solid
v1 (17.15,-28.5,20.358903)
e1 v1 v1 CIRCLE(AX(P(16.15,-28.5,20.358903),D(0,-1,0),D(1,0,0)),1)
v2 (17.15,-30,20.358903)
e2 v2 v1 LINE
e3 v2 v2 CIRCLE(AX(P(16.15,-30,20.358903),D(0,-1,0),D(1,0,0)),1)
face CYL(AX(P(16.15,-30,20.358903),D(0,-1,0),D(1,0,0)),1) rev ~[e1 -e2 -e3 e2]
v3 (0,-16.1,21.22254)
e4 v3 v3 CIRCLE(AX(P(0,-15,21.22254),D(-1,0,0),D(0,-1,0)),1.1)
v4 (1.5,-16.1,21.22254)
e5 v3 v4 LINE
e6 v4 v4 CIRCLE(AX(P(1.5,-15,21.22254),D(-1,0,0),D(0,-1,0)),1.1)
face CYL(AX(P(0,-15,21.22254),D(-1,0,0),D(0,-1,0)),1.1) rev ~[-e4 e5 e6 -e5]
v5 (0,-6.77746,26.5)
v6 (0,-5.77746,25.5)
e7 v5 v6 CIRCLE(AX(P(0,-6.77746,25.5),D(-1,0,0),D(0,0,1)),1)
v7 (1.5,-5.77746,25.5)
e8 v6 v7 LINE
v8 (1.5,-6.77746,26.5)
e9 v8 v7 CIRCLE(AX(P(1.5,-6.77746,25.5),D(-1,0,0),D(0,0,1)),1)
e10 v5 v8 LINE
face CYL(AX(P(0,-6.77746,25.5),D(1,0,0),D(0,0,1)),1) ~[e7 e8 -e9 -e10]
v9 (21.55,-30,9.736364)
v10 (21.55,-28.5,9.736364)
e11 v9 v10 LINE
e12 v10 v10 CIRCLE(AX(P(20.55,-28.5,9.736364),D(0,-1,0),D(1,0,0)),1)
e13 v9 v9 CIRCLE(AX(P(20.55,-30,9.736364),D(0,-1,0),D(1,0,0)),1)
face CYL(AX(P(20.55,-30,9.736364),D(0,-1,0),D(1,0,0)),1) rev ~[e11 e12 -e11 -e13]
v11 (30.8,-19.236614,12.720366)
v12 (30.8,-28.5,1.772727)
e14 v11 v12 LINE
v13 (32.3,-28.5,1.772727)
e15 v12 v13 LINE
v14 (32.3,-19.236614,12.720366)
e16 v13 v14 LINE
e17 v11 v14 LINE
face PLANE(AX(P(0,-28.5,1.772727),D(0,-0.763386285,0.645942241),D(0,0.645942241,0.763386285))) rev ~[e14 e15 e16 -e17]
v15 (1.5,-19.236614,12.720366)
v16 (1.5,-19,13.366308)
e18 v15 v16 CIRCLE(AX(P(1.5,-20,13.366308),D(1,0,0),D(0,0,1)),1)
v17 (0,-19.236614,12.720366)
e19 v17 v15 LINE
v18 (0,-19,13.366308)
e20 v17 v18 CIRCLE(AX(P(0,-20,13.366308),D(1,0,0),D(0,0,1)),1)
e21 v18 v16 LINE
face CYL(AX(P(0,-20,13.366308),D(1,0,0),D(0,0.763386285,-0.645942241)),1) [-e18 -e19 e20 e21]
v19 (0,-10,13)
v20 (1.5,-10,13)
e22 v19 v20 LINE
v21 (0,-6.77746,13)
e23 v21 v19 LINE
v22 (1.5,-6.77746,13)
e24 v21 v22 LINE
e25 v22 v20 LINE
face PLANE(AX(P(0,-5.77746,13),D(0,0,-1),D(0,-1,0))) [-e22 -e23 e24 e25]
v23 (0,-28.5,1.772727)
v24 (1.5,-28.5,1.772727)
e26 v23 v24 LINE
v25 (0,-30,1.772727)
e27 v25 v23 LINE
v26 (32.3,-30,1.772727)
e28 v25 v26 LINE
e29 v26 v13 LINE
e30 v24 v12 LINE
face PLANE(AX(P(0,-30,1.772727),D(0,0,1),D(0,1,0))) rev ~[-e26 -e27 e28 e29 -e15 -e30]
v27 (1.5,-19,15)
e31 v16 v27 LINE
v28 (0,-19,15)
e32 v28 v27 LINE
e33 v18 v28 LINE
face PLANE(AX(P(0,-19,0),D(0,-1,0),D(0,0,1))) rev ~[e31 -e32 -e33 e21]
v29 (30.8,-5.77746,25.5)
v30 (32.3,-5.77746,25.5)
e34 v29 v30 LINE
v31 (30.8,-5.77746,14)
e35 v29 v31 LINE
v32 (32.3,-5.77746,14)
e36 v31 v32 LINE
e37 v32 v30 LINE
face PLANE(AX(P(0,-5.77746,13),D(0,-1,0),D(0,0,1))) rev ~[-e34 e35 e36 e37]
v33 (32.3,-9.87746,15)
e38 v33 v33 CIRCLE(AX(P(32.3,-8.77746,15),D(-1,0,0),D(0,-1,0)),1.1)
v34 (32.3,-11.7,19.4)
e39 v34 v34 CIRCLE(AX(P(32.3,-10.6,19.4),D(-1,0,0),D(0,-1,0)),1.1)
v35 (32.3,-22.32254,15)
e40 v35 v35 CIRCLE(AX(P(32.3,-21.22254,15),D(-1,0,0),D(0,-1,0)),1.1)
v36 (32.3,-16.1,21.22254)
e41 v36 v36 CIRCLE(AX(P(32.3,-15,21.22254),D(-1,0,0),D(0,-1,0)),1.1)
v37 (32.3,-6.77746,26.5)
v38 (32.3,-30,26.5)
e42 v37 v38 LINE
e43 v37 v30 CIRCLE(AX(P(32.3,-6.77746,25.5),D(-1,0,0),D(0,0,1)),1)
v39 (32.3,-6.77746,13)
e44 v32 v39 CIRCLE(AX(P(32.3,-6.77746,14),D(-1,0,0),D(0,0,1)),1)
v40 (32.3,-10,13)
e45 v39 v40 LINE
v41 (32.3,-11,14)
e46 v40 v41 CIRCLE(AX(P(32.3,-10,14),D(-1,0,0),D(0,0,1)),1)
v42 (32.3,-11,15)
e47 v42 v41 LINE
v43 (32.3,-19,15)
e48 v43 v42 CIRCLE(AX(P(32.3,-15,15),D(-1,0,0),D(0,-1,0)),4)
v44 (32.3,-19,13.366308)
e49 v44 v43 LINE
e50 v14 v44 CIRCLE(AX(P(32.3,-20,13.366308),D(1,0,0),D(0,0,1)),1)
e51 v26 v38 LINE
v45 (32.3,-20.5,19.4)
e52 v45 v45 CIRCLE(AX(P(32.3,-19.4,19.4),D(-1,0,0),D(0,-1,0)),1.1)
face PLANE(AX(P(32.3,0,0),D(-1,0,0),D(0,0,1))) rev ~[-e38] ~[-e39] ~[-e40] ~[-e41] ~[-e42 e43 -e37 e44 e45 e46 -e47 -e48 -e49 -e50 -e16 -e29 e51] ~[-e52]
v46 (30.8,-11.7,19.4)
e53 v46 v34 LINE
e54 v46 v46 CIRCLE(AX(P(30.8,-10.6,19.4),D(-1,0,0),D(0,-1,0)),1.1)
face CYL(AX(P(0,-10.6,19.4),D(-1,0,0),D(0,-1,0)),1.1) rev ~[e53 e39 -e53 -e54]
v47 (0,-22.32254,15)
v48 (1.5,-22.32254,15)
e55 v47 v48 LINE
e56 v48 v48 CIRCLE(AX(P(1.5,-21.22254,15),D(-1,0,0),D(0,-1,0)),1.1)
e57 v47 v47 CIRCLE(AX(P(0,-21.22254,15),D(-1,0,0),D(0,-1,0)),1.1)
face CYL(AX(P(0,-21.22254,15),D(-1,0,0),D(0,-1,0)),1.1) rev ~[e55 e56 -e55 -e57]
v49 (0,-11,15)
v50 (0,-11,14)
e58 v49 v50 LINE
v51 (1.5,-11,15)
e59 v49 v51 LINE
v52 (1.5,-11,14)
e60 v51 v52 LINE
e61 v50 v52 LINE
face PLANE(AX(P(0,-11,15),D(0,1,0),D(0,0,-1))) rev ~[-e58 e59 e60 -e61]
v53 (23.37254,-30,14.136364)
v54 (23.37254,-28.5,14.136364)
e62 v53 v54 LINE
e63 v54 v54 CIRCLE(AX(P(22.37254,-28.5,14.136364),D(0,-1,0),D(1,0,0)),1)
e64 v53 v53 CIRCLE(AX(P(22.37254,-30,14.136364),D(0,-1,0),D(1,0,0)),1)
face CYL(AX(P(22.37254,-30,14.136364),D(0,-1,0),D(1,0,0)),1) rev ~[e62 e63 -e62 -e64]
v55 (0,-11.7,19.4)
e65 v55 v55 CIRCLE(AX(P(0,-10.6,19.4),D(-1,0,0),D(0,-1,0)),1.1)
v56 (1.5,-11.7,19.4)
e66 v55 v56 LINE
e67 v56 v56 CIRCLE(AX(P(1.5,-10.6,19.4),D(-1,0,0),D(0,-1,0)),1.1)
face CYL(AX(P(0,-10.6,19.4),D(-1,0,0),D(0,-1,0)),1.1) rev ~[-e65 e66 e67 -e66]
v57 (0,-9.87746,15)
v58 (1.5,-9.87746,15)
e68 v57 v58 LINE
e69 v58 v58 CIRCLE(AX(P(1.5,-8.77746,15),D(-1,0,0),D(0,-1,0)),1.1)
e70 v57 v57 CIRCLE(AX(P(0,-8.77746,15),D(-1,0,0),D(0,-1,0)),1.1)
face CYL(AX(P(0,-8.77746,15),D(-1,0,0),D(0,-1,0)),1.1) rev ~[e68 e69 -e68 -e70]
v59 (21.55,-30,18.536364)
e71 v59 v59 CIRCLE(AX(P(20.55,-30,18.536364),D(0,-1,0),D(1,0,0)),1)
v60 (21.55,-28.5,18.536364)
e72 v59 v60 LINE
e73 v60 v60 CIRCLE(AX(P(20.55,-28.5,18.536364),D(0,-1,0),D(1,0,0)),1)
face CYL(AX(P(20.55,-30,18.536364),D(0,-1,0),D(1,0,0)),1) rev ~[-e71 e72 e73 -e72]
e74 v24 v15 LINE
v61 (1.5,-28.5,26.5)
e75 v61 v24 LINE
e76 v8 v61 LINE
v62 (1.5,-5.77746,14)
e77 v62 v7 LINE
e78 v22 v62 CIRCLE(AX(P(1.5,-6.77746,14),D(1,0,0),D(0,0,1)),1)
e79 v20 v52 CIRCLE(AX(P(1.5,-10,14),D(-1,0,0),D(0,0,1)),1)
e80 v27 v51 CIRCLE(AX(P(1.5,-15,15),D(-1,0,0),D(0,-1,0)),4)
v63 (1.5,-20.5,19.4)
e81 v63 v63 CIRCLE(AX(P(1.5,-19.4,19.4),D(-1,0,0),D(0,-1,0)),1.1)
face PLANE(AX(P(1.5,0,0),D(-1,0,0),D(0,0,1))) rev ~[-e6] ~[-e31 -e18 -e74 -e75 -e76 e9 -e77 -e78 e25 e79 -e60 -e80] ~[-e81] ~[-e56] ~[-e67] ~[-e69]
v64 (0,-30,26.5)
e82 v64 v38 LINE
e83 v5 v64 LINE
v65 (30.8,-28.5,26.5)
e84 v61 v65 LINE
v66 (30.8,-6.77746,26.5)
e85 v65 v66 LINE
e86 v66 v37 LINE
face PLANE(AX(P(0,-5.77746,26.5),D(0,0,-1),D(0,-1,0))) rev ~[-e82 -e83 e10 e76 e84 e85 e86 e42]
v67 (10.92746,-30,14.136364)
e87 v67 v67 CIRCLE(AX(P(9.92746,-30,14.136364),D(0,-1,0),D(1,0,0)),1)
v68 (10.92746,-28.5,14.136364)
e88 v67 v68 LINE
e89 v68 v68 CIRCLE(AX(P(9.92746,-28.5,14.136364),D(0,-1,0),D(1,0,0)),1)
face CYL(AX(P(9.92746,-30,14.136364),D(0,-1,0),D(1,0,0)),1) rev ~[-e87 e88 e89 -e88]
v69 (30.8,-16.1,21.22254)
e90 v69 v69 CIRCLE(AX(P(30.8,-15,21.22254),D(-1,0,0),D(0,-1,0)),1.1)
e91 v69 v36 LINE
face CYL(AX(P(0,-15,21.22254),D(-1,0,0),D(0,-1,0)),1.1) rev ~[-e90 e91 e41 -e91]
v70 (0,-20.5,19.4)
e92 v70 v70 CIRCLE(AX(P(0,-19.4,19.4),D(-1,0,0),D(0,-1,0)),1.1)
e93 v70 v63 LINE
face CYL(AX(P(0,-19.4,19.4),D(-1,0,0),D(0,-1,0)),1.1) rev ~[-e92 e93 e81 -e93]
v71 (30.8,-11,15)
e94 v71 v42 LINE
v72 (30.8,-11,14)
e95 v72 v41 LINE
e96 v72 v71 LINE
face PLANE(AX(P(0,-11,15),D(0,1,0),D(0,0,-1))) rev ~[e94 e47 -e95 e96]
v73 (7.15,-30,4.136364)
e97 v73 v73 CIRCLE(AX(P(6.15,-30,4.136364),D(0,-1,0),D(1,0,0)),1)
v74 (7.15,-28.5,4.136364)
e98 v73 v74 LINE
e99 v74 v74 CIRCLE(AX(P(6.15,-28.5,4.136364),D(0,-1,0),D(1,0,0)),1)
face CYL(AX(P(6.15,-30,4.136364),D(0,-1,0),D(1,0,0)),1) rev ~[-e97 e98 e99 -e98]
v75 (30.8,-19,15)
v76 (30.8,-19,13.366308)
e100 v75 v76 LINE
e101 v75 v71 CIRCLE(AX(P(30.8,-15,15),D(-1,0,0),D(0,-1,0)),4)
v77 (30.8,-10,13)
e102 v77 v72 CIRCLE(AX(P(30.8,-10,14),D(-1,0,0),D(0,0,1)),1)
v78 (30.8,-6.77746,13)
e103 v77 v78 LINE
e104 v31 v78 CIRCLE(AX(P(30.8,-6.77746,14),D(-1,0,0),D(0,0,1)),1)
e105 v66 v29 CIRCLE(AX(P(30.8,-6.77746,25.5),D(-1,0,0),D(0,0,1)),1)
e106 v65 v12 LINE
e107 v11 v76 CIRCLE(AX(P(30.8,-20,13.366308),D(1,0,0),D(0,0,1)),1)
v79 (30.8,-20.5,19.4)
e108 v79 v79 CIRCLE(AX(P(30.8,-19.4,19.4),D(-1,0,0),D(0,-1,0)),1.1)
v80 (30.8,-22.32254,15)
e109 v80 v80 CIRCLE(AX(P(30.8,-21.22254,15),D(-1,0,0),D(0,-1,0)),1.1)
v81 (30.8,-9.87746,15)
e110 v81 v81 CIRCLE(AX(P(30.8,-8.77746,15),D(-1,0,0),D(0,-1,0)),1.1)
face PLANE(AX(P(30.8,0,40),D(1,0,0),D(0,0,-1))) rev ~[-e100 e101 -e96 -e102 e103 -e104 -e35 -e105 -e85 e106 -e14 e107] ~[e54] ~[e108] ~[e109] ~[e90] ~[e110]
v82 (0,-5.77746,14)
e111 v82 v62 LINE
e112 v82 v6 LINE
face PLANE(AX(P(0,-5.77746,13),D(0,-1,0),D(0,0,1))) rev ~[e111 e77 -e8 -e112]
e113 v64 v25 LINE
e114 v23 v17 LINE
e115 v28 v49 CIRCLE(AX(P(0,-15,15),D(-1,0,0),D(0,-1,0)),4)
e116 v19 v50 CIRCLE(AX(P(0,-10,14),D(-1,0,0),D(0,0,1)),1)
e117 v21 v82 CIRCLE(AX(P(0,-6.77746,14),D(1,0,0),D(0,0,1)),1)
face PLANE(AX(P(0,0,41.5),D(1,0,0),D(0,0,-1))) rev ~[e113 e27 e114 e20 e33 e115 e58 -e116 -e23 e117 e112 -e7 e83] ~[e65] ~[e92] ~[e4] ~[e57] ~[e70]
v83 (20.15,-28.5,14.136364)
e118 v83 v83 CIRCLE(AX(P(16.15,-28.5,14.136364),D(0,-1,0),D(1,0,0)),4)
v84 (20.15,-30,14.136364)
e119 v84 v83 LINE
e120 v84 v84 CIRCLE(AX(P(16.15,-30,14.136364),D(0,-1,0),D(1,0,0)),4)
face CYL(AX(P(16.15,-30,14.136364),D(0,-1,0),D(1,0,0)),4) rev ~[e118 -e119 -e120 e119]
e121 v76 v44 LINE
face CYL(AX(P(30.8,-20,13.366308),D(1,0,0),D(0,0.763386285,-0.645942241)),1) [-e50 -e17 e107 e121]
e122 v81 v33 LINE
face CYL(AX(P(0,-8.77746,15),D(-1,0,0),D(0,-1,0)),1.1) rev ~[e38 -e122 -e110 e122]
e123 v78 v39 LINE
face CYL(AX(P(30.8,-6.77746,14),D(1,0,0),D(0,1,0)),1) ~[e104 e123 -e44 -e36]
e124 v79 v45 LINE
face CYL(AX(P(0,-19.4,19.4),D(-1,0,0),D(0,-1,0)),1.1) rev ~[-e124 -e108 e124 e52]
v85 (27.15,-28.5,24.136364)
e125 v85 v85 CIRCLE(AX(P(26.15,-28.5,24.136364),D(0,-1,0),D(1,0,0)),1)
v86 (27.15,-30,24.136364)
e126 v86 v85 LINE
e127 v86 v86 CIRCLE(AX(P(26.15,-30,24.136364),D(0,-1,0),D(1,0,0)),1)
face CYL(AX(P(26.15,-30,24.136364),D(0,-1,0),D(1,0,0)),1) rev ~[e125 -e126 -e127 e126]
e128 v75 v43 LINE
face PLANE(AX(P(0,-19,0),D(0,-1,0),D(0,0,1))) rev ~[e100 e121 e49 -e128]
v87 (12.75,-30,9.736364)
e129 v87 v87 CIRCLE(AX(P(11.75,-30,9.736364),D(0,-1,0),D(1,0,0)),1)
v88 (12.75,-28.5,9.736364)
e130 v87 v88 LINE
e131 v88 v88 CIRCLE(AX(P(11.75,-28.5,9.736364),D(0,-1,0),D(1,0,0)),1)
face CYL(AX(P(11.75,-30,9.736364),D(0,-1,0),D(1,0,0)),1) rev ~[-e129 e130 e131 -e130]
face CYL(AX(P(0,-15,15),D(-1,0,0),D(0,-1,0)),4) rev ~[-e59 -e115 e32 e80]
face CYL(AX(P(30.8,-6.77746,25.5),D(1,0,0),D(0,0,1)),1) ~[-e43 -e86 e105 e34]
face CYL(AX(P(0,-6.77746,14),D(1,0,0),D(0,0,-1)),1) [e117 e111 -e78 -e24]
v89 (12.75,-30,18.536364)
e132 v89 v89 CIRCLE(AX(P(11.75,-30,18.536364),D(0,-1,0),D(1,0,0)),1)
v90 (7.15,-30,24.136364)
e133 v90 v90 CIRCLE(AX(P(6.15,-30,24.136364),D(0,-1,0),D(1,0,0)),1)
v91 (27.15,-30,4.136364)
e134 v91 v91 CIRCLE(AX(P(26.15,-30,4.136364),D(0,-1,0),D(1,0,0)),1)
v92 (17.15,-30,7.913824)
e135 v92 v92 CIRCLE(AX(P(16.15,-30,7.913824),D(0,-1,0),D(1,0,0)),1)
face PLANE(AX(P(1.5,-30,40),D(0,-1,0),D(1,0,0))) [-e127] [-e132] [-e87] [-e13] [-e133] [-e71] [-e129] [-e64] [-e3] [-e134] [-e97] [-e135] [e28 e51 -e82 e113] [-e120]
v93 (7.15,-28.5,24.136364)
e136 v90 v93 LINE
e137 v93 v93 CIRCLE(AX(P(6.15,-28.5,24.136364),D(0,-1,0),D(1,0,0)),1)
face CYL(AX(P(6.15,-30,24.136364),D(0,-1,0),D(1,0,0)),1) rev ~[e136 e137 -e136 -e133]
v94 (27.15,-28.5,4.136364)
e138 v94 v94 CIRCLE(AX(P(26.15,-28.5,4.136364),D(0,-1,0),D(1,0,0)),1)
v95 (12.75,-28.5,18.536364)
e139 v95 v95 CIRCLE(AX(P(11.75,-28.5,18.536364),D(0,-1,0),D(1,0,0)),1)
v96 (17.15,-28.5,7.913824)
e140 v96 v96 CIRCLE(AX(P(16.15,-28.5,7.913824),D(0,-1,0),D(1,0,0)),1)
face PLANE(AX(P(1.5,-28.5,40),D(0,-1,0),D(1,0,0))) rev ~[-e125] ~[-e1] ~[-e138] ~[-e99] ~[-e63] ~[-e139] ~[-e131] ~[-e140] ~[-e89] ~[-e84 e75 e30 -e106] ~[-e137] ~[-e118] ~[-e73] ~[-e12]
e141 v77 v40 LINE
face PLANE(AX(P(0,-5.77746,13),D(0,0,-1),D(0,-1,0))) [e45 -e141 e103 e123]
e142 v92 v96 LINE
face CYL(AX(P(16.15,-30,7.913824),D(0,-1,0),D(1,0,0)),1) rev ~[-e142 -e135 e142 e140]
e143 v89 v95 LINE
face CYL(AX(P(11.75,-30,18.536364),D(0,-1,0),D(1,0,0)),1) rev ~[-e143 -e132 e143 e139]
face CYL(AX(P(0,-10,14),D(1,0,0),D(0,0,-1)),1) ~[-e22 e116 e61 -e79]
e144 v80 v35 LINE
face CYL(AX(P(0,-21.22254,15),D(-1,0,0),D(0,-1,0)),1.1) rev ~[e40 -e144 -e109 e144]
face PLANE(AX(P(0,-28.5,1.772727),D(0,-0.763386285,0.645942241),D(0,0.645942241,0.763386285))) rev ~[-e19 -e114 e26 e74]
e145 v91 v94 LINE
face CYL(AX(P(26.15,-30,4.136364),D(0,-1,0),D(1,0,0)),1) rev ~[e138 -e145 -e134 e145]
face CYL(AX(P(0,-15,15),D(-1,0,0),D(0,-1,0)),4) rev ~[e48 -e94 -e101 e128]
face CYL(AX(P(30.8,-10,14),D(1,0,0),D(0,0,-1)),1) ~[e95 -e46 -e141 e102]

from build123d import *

# Parameters (mm, degrees)
F1_DEPTH = 30
F2_R     = 1.1
F3_DEPTH = 32.301
F4_W     = 29.3
F4_H     = 1.5
F5_DEPTH = 40
F6_W     = 5.2225396744
F6_H     = 13
F7_DEPTH = 32.301
F8_R     = 1
F8_R_2   = 4
F9_DEPTH = 1.5
F10_R    = 1


with BuildPart() as f1:
    # F0 (on Front) → F1 (new body)
    with BuildSketch(Plane.XZ):
        Polygon((0, 41.5), (0, 0), (1.5, 0), (1.5, 40), (30.8, 40), (30.8, 0), (32.3, 0), (32.3, 41.5), align=None)
    extrude(amount=F1_DEPTH)

    # F2 (on face) → F3 (cut, through all)
    with BuildSketch(Plane(origin=(0, 0, 0), x_dir=(0, -1, 0), z_dir=(-1, 0, 0))):
        with BuildLine():
            Line((19, 0), (19, 15))
            ThreePointArc((19, 15), (15, 19), (11, 15))
            Line((11, 15), (11, 0))
            Line((11, 0), (19, 0))
        make_face()
        with Locations((21.2225396744, 15)):
            Circle(F2_R)
        with Locations((19.4, 19.4)):
            Circle(F2_R)
        with Locations((15, 21.2225396744)):
            Circle(F2_R)
        with Locations((10.6, 19.4)):
            Circle(F2_R)
        with Locations((8.7774603256, 15)):
            Circle(F2_R)
    extrude(amount=-F3_DEPTH, mode=Mode.SUBTRACT)

    # F4 (on face) → F5 (join)
    with BuildSketch(Plane(origin=(0, 0, 40), x_dir=(1, 0, 0), z_dir=(0, 0, -1))):
        with Locations((16.15, 29.25)):
            Rectangle(F4_W, F4_H)
    extrude(amount=F5_DEPTH)

    # F6 (on face) → F7 (cut, through all)
    with BuildSketch(Plane(origin=(0, 0, 0), x_dir=(0, -1, 0), z_dir=(-1, 0, 0))):
        Polygon((30, 41.5), (0, 41.5), (0, 26.5), (0, 0), (5.7774603256, 0), (5.7774603256, 13), (5.7774603256, 26.5), (30, 26.5), align=None)
        with Locations((8.3887301628, 6.5)):
            Rectangle(F6_W, F6_H)
        Polygon((28.5, 1.7727272727), (19, 13), (19, 0), (30, 0), align=None)
        Polygon((30, 0), (30, 1.7727272727), (28.5, 1.7727272727), align=None)
    extrude(amount=-F7_DEPTH, mode=Mode.SUBTRACT)

    # F8 (on face) → F9 (cut, through all)
    with BuildSketch(Plane.XZ.offset(30)):
        with Locations((6.15, 24.1363636364)):
            Circle(F8_R)
        with Locations((6.15, 4.1363636364)):
            Circle(F8_R)
        with Locations((26.15, 24.1363636364)):
            Circle(F8_R)
        with Locations((26.15, 4.1363636364)):
            Circle(F8_R)
        with Locations((16.15, 14.1363636364)):
            Circle(F8_R_2)
        with Locations((20.55, 18.5363636364)):
            Circle(F8_R)
        with Locations((16.15, 20.3589033108)):
            Circle(F8_R)
        with Locations((11.75, 18.5363636364)):
            Circle(F8_R)
        with Locations((9.9274603256, 14.1363636364)):
            Circle(F8_R)
        with Locations((11.75, 9.7363636364)):
            Circle(F8_R)
        with Locations((16.15, 7.9138239619)):
            Circle(F8_R)
        with Locations((20.55, 9.7363636364)):
            Circle(F8_R)
        with Locations((22.3725396744, 14.1363636364)):
            Circle(F8_R)
    extrude(amount=-F9_DEPTH, mode=Mode.SUBTRACT)

    # F10
    f10_edges = [f1.edges().sort_by_distance(p)[0] for p in [
        (0.75, -5.77746, 13),
        (31.55, -5.77746, 13),
        (0.75, -19, 13),
        (31.55, -19, 13),
        (0.75, -11, 13),
        (31.55, -11, 13),
        (31.55, -5.77746, 26.5),
        (0.75, -5.77746, 26.5),
    ]]
    fillet(f10_edges, radius=F10_R)


solid = f1.part
